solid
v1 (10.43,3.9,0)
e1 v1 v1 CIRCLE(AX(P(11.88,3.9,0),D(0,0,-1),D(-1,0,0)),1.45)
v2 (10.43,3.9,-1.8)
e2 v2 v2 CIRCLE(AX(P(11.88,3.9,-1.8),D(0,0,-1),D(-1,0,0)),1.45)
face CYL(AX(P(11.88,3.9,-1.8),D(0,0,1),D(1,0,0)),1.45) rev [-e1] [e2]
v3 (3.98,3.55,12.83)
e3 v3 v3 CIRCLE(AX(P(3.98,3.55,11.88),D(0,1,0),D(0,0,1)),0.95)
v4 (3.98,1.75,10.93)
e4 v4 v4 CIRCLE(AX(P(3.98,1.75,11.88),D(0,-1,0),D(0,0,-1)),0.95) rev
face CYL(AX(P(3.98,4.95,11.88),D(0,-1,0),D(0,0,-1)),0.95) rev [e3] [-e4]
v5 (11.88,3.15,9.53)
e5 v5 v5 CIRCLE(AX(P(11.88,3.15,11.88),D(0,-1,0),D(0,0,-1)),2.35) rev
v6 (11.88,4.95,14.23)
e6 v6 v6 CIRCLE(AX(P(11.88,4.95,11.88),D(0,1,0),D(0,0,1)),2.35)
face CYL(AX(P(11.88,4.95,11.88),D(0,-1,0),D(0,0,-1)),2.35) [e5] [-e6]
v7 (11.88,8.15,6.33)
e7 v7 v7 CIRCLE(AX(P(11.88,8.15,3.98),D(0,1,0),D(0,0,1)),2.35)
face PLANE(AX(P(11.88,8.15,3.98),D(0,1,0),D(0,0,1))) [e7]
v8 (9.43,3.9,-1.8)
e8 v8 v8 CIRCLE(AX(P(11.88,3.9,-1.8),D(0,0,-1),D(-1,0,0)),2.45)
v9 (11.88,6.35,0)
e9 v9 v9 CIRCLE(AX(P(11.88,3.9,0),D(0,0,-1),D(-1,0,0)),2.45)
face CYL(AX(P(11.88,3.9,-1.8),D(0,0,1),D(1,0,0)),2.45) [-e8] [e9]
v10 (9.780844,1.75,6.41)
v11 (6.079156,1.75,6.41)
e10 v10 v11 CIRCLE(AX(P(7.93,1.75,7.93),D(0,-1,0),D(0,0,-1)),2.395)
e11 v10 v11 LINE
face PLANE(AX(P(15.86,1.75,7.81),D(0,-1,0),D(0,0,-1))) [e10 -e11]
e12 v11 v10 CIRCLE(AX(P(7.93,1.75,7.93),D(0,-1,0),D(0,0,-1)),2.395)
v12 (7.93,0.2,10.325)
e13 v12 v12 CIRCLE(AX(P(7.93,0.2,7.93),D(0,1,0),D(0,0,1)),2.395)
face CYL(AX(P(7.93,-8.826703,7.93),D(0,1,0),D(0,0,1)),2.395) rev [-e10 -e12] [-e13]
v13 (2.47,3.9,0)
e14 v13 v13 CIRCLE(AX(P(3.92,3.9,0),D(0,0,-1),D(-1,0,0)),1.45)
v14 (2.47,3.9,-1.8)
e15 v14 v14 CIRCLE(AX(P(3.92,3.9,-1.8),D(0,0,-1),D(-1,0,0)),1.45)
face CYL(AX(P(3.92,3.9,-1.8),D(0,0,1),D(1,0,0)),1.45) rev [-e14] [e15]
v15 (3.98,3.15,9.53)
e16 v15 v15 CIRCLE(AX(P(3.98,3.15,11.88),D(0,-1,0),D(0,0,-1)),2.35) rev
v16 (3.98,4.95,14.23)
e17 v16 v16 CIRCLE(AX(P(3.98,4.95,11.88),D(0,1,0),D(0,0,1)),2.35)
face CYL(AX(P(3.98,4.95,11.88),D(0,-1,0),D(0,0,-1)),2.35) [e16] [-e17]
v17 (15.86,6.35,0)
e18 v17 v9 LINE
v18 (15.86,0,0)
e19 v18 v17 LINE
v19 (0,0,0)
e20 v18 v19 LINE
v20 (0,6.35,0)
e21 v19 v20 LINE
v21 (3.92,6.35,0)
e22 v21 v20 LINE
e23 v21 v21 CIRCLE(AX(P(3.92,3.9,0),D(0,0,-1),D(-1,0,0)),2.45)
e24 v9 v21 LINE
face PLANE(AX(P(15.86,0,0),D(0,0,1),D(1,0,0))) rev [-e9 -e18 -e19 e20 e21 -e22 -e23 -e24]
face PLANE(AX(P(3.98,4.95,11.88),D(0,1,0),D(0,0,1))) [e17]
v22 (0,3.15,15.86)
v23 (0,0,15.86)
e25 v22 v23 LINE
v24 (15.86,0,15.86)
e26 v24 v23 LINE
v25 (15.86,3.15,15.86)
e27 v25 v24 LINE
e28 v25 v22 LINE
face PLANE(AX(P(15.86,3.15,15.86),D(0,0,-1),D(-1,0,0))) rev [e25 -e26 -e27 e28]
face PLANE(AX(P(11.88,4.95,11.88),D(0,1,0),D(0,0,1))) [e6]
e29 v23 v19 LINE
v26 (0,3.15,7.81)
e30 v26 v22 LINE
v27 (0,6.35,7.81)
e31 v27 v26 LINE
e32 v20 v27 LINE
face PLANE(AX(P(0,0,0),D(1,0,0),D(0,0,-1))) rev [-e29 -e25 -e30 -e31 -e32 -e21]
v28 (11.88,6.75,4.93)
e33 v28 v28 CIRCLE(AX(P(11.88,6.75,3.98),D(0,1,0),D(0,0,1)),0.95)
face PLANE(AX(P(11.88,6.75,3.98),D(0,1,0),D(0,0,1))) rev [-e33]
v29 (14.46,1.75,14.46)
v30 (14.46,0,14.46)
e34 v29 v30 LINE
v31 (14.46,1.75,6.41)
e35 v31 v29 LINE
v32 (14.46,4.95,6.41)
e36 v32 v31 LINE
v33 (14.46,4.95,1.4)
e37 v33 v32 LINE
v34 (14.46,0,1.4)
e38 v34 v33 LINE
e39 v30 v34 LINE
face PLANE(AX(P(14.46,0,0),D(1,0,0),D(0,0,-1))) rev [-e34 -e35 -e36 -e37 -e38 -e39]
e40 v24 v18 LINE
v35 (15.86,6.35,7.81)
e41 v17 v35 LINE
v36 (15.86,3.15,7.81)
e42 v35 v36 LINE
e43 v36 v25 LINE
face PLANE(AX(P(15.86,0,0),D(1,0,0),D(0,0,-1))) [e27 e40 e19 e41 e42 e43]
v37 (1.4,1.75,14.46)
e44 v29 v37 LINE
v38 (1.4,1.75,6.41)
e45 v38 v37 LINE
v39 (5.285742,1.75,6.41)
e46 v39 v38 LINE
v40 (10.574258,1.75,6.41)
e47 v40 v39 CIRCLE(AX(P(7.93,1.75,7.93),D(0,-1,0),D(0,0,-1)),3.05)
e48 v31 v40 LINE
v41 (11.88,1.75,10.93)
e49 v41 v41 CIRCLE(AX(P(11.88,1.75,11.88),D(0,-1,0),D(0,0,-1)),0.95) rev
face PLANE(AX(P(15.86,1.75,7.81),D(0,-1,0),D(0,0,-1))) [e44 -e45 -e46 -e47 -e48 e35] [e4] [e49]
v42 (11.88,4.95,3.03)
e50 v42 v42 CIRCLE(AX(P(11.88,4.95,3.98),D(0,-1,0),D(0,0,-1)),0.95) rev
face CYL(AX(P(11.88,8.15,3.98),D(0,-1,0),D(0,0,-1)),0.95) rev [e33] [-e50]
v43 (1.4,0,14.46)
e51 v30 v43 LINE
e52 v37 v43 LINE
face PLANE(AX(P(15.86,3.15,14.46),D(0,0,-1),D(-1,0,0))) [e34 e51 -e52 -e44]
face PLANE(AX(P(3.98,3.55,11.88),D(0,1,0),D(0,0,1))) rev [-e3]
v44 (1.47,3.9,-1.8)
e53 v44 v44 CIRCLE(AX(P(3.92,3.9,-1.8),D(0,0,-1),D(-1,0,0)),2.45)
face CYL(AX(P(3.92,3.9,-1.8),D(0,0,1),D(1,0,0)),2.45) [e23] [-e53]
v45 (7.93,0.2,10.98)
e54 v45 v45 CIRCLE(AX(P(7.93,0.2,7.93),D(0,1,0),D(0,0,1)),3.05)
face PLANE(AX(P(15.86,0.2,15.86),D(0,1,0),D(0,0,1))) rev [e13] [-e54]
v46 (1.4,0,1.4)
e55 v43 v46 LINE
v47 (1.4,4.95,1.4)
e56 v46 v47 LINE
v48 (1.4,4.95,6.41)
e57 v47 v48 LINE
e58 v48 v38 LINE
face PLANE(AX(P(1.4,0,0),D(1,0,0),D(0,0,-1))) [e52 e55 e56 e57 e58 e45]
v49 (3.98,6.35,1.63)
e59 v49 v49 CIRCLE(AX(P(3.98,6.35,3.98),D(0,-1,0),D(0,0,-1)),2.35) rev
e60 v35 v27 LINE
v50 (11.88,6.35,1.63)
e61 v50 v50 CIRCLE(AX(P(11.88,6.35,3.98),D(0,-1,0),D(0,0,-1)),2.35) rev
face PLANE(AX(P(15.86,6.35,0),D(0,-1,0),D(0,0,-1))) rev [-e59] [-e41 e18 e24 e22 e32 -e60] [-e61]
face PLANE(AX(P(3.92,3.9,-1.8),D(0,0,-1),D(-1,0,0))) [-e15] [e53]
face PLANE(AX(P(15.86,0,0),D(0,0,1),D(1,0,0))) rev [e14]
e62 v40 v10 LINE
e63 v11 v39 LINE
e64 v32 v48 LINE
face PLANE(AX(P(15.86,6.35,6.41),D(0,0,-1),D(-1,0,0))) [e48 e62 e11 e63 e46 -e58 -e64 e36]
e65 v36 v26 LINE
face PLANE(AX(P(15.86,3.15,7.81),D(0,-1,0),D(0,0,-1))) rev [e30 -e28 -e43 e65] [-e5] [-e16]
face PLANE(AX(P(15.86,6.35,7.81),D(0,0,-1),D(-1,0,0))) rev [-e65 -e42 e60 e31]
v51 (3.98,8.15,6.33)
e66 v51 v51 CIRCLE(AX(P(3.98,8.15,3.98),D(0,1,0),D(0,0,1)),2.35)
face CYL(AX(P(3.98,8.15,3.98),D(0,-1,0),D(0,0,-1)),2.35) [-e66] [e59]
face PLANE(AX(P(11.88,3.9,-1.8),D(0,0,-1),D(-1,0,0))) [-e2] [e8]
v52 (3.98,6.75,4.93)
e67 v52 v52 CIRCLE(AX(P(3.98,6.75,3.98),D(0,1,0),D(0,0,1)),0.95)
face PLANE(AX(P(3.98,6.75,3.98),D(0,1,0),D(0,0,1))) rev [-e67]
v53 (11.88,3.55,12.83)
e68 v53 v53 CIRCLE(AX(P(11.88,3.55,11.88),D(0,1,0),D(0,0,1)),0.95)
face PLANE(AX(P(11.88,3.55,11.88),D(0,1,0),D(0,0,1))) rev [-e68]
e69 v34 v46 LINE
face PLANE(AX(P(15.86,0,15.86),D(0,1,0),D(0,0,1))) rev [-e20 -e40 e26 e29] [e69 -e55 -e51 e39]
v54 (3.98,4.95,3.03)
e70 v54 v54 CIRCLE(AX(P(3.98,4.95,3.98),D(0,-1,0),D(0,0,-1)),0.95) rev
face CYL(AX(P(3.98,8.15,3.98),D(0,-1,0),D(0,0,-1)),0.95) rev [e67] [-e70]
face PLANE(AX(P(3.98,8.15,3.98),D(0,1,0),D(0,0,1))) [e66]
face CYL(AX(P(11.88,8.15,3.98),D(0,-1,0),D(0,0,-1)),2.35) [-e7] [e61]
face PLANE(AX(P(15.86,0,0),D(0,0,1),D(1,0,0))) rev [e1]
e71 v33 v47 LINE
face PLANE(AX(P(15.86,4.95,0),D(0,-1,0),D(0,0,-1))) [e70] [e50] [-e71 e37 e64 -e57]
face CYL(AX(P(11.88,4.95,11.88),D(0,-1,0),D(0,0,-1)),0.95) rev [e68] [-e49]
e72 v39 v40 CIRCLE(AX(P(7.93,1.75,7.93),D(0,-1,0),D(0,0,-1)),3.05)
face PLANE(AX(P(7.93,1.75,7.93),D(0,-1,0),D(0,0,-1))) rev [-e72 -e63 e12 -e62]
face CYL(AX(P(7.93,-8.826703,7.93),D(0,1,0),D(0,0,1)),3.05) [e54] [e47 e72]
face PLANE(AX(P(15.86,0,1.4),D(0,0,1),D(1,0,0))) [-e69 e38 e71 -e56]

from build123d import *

# Parameters (mm, degrees)
BOSS_EXTRUDE1_DEPTH = 15.86
SKETCH3_R           = 2.35
BOSS_EXTRUDE2_DEPTH = 1.8
SKETCH4_R           = 2.35
BOSS_EXTRUDE3_DEPTH = 1.8
SHELL1_T            = -1.4
SKETCH5_R           = 2.45
SKETCH5_R_2         = 1.45
BOSS_EXTRUDE4_DEPTH = 1.8
SKETCH6_R           = 3.05
SKETCH6_R_2         = 2.395
BOSS_EXTRUDE5_DEPTH = 1.55


with BuildPart() as part:
    # Sketch2 → Boss-Extrude1 (new body)
    with BuildSketch(Plane(origin=(0, 0, 0), x_dir=(0, 0, -1), z_dir=(1, 0, 0))):
        Polygon((0, 0), (0, 6.35), (-7.81, 6.35), (-7.81, 3.15), (-15.86, 3.15), (-15.86, 0), align=None)
    extrude(amount=BOSS_EXTRUDE1_DEPTH)

    # Sketch3 → Boss-Extrude2 (add)
    with BuildSketch(Plane(origin=(0, 6.35, 0), x_dir=(1, 0, 0), z_dir=(0, 1, 0))):
        with Locations(Location((3.98, -3.98, 0), (0, 0, 90))):
            Circle(SKETCH3_R)
        with Locations(Location((11.88, -3.98, 0), (0, 0, 90))):
            Circle(SKETCH3_R)
    extrude(amount=BOSS_EXTRUDE2_DEPTH)

    # Sketch4 → Boss-Extrude3 (add)
    with BuildSketch(Plane(origin=(0, 3.15, 0), x_dir=(1, 0, 0), z_dir=(0, 1, 0))):
        with Locations(Location((3.98, -11.88, 0), (0, 0, 90))):
            Circle(SKETCH4_R)
        with Locations(Location((11.88, -11.88, 0), (0, 0, 90))):
            Circle(SKETCH4_R)
    extrude(amount=BOSS_EXTRUDE3_DEPTH)

    # Shell1
    shell1_openings = [part.faces().sort_by_distance(p)[0] for p in [
        (7.93, 0, 7.93),
    ]]
    offset(amount=SHELL1_T, openings=shell1_openings, kind=Kind.INTERSECTION)

    # Sketch5 → Boss-Extrude4 (add)
    # profile 1 of 2: a face of its own
    with BuildSketch(Plane(origin=(0, 0, 0), x_dir=(-1, 0, 0), z_dir=(0, 0, -1))):
        with Locations(Location((-11.88, 3.9, 0), (0, 0, 90))):
            Circle(SKETCH5_R)
        with Locations((-11.88, 3.9)):
            Circle(SKETCH5_R_2, mode=Mode.SUBTRACT)
    # profile 2 of 2: a face of its own
    with BuildSketch(Plane(origin=(0, 0, 0), x_dir=(-1, 0, 0), z_dir=(0, 0, -1))):
        with Locations(Location((-3.92, 3.9, 0), (0, 0, 90))):
            Circle(SKETCH5_R)
        with Locations((-3.92, 3.9)):
            Circle(SKETCH5_R_2, mode=Mode.SUBTRACT)
    extrude(amount=BOSS_EXTRUDE4_DEPTH)

    # Sketch6 → Boss-Extrude5 (add)
    with BuildSketch(Plane.XZ.offset(-1.75)):
        with Locations(Location((7.93, 7.93, 0), (0, 0, 90))):
            Circle(SKETCH6_R)
        with Locations(Location((7.93, 7.93, 0), (0, 0, 90))):
            Circle(SKETCH6_R_2, mode=Mode.SUBTRACT)
    extrude(amount=BOSS_EXTRUDE5_DEPTH)


solid = part.part
